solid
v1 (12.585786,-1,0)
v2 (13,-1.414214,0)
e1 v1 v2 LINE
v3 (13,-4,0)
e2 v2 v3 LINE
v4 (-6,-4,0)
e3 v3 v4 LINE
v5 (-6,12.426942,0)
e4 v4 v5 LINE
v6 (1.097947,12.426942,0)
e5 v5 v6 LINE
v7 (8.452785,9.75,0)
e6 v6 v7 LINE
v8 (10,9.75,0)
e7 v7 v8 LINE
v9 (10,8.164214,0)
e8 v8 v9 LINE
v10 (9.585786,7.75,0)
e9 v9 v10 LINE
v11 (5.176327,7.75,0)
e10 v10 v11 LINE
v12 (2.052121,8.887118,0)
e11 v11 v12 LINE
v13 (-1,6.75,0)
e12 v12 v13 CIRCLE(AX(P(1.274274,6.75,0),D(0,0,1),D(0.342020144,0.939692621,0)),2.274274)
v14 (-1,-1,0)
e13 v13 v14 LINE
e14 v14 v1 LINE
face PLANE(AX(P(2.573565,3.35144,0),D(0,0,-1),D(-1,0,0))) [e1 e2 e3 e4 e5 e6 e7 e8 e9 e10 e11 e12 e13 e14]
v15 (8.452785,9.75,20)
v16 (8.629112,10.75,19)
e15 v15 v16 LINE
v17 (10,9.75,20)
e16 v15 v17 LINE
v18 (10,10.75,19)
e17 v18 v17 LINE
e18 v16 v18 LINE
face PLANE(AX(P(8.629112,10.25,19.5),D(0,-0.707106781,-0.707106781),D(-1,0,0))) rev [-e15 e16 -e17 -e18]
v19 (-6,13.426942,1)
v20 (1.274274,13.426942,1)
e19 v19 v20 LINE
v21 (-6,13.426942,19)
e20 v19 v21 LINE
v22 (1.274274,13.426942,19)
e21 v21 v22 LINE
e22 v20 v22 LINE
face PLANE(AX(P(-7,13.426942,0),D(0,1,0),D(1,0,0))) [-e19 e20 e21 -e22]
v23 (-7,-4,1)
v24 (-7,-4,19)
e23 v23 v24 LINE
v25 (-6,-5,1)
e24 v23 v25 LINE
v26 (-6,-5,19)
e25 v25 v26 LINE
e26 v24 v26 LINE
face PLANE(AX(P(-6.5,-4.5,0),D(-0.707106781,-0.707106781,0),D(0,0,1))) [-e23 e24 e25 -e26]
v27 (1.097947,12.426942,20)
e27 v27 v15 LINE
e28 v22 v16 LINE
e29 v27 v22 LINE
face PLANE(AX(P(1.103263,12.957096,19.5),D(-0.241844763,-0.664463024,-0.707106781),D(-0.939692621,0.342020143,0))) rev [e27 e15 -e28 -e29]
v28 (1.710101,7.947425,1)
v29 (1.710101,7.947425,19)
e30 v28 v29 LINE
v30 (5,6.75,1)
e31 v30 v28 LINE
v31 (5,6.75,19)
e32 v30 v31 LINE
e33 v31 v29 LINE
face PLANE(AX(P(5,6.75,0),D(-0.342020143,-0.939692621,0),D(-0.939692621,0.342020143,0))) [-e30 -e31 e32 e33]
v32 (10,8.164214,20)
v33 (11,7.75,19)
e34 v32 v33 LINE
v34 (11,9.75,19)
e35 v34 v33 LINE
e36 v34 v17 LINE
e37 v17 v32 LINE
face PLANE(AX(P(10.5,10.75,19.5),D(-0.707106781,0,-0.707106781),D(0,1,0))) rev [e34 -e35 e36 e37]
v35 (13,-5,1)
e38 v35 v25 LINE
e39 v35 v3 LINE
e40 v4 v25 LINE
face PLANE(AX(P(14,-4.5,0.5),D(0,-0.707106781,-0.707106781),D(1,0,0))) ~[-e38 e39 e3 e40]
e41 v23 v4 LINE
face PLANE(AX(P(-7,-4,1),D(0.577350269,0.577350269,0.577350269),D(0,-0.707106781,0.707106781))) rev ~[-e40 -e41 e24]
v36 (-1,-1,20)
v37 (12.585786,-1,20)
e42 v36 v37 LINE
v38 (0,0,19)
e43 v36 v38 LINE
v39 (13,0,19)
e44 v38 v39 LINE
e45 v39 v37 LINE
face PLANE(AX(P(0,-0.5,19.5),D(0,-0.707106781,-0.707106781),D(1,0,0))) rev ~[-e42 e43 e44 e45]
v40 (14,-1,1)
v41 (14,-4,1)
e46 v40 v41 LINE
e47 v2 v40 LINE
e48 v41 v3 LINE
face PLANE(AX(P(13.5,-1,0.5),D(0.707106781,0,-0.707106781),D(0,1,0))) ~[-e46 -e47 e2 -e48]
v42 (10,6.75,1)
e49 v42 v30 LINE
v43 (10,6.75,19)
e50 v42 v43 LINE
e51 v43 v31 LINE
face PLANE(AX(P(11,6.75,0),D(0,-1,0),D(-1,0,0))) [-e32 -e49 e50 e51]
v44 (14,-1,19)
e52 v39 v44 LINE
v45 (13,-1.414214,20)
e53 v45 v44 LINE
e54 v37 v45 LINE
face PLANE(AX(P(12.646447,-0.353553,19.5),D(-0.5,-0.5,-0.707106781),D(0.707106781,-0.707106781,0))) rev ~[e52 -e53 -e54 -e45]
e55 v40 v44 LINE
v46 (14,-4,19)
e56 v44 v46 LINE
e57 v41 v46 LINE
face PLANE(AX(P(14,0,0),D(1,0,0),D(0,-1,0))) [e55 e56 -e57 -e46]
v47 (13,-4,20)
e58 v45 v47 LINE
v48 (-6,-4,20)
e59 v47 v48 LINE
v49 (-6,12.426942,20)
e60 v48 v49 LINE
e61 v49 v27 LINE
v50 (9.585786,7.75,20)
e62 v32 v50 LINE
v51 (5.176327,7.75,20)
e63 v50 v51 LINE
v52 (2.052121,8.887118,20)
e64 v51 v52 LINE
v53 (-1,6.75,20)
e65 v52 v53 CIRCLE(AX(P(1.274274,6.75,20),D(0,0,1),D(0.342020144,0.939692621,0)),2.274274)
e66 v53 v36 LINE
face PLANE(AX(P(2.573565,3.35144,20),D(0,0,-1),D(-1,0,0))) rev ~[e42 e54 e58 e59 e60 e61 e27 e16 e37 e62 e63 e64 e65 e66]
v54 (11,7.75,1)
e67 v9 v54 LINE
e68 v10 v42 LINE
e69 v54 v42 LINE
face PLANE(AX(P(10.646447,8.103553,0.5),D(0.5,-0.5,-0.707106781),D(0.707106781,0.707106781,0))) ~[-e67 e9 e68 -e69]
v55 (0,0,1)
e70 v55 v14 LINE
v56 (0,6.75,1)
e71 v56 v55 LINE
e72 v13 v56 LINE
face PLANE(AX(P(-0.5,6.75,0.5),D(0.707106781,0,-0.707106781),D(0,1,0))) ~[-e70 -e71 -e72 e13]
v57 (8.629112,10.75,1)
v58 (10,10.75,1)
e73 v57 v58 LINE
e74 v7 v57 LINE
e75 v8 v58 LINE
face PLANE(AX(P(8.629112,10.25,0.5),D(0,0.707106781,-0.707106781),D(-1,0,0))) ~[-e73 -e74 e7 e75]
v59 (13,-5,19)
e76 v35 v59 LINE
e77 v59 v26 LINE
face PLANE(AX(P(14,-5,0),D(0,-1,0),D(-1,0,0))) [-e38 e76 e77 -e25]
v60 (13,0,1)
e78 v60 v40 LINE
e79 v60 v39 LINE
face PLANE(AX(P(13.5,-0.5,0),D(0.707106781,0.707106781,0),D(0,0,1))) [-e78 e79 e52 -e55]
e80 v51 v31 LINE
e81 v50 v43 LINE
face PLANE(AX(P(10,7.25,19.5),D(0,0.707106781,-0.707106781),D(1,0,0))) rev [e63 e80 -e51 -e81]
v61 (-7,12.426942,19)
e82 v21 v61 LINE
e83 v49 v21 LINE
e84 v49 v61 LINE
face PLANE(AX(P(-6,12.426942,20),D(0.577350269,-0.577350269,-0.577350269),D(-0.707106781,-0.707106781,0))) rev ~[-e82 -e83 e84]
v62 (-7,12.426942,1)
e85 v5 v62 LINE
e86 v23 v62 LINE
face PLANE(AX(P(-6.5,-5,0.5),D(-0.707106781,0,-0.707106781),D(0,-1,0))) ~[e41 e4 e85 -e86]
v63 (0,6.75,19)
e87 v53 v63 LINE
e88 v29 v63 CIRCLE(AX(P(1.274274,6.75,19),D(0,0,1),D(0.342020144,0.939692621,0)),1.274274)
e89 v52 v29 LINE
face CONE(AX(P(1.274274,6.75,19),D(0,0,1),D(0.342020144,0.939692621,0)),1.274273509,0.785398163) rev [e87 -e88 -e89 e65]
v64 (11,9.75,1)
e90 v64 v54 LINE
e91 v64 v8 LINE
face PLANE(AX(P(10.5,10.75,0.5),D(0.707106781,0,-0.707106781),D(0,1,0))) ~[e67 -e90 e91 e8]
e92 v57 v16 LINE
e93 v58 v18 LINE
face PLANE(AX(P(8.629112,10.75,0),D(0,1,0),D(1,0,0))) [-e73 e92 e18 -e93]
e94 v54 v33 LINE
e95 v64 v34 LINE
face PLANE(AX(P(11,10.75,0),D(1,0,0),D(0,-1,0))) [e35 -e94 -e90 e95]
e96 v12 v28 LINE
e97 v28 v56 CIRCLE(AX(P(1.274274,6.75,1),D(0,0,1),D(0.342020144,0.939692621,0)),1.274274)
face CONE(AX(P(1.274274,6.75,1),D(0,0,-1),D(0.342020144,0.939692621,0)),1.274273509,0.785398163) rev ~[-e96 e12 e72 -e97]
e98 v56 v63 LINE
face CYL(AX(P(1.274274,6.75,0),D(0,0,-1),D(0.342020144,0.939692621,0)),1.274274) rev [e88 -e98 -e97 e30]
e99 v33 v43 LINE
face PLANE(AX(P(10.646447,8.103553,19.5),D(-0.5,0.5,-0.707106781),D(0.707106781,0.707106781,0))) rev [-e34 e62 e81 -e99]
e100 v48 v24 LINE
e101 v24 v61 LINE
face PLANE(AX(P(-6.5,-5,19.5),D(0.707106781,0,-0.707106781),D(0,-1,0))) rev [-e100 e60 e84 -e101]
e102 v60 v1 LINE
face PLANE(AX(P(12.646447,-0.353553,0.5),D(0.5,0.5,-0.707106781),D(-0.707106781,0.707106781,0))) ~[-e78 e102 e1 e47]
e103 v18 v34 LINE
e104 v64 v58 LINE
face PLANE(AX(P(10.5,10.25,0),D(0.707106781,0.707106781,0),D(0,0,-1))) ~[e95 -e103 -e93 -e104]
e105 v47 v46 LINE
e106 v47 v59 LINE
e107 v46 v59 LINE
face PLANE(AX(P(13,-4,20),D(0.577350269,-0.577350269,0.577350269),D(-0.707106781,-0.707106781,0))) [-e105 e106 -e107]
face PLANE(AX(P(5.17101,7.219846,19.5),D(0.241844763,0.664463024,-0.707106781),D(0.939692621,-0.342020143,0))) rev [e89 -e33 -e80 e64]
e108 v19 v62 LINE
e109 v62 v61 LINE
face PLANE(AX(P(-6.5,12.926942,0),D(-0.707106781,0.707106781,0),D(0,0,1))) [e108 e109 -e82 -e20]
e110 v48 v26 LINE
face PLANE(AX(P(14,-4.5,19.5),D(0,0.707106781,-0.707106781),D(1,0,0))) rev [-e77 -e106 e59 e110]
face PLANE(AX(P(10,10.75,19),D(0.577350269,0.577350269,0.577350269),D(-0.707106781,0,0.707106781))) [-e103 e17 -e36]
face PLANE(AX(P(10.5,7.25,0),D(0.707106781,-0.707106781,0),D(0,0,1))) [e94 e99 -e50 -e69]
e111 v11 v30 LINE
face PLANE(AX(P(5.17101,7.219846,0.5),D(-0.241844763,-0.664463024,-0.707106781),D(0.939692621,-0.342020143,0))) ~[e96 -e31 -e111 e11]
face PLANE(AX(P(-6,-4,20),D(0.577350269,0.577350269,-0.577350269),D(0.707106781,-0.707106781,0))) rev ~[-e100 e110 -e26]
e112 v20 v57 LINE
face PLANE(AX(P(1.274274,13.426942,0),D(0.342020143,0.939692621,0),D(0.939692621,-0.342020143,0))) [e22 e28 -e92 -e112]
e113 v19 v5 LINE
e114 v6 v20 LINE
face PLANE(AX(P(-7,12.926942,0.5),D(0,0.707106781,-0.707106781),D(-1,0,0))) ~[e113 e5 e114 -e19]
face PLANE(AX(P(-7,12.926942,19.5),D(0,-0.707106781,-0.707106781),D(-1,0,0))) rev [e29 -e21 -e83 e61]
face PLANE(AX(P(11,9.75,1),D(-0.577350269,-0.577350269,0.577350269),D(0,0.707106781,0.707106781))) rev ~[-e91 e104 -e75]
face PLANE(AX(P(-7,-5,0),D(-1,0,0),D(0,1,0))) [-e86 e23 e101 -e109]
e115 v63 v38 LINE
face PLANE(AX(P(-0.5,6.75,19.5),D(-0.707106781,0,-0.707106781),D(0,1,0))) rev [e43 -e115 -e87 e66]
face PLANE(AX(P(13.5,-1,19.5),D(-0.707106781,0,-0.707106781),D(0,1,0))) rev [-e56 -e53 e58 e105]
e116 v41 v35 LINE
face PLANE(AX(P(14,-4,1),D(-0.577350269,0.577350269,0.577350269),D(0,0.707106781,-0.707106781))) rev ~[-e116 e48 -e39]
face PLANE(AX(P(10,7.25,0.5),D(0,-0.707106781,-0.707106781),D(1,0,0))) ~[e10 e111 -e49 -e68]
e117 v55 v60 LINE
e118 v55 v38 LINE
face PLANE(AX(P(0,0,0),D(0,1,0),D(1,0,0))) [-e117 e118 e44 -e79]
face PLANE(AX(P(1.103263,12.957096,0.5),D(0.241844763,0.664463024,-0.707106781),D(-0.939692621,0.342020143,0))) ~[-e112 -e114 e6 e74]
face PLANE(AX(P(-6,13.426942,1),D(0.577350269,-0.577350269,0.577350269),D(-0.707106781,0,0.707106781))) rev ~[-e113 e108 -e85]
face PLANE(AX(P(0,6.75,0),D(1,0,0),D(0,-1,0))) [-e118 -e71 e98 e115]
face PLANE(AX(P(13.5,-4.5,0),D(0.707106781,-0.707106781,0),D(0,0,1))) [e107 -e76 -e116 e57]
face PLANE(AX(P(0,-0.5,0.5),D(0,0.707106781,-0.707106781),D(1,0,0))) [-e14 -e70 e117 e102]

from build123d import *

# Parameters (mm, degrees)
BOSS_EXTRUDE1_DEPTH = 20
CHAMFER1_SIZE       = 1
CHAMFER2_SIZE       = 1


with BuildPart() as part:
    # Sketch1 → Boss-Extrude1 (new body)
    with BuildSketch(Plane.XY):
        with BuildLine():
            Line((0, 6.75), (0, 0))
            Line((0, 0), (14, 0))
            Line((14, 0), (14, -5))
            Line((14, -5), (-7, -5))
            Line((-7, -5), (-7, 13.426942406))
            Line((-7, 13.426942406), (1.274273509, 13.426942406))
            Line((1.274273509, 13.426942406), (8.629112323, 10.75))
            Line((8.629112323, 10.75), (11, 10.75))
            Line((11, 10.75), (11, 6.75))
            Line((11, 6.75), (5, 6.75))
            Line((5, 6.75), (1.710100717, 7.947425413))
            ThreePointArc((1.710100717, 7.947425413), (0.543380251, 7.79382375), (0, 6.75))
        make_face()
    extrude(amount=BOSS_EXTRUDE1_DEPTH)

    # Chamfer1
    chamfer1_edges = [part.edges().sort_by_distance(p)[0] for p in [
        (14, 0, 10),
        (11, 6.75, 10),
    ]]
    chamfer(chamfer1_edges, length=CHAMFER1_SIZE)

    # Chamfer2
    chamfer2_edges = [part.edges().sort_by_distance(p)[0] for p in [
        (6.5, 0, 0),
        (3.355050358, 7.348712706, 20),
        (3.5, -5, 0),
        (-7, 4.213471203, 0),
        (-2.862863246, 13.426942406, 0),
        (4.951692916, 12.088471203, 0),
        (9.814556161, 10.75, 0),
        (11, 9.25, 0),
        (3.355050358, 7.348712706, 0),
        (0.543380251, 7.79382375, 0),
        (0, 3.375, 0),
        (11, 9.25, 20),
        (14, -5, 10),
        (-7, -5, 10),
        (-7, 13.426942406, 10),
        (11, 10.75, 10),
        (9.814556161, 10.75, 20),
        (4.951692916, 12.088471203, 20),
        (-2.862863246, 13.426942406, 20),
        (-7, 4.213471203, 20),
        (14, -3, 0),
        (7.5, 6.75, 0),
        (10.5, 7.25, 0),
        (13.5, -0.5, 0),
        (14, -3, 20),
        (7.5, 6.75, 20),
        (10.5, 7.25, 20),
        (3.5, -5, 20),
        (13.5, -0.5, 20),
        (6.5, 0, 20),
        (0, 3.375, 20),
        (0.543380251, 7.79382375, 20),
    ]]
    chamfer(chamfer2_edges, length=CHAMFER2_SIZE)


solid = part.part
